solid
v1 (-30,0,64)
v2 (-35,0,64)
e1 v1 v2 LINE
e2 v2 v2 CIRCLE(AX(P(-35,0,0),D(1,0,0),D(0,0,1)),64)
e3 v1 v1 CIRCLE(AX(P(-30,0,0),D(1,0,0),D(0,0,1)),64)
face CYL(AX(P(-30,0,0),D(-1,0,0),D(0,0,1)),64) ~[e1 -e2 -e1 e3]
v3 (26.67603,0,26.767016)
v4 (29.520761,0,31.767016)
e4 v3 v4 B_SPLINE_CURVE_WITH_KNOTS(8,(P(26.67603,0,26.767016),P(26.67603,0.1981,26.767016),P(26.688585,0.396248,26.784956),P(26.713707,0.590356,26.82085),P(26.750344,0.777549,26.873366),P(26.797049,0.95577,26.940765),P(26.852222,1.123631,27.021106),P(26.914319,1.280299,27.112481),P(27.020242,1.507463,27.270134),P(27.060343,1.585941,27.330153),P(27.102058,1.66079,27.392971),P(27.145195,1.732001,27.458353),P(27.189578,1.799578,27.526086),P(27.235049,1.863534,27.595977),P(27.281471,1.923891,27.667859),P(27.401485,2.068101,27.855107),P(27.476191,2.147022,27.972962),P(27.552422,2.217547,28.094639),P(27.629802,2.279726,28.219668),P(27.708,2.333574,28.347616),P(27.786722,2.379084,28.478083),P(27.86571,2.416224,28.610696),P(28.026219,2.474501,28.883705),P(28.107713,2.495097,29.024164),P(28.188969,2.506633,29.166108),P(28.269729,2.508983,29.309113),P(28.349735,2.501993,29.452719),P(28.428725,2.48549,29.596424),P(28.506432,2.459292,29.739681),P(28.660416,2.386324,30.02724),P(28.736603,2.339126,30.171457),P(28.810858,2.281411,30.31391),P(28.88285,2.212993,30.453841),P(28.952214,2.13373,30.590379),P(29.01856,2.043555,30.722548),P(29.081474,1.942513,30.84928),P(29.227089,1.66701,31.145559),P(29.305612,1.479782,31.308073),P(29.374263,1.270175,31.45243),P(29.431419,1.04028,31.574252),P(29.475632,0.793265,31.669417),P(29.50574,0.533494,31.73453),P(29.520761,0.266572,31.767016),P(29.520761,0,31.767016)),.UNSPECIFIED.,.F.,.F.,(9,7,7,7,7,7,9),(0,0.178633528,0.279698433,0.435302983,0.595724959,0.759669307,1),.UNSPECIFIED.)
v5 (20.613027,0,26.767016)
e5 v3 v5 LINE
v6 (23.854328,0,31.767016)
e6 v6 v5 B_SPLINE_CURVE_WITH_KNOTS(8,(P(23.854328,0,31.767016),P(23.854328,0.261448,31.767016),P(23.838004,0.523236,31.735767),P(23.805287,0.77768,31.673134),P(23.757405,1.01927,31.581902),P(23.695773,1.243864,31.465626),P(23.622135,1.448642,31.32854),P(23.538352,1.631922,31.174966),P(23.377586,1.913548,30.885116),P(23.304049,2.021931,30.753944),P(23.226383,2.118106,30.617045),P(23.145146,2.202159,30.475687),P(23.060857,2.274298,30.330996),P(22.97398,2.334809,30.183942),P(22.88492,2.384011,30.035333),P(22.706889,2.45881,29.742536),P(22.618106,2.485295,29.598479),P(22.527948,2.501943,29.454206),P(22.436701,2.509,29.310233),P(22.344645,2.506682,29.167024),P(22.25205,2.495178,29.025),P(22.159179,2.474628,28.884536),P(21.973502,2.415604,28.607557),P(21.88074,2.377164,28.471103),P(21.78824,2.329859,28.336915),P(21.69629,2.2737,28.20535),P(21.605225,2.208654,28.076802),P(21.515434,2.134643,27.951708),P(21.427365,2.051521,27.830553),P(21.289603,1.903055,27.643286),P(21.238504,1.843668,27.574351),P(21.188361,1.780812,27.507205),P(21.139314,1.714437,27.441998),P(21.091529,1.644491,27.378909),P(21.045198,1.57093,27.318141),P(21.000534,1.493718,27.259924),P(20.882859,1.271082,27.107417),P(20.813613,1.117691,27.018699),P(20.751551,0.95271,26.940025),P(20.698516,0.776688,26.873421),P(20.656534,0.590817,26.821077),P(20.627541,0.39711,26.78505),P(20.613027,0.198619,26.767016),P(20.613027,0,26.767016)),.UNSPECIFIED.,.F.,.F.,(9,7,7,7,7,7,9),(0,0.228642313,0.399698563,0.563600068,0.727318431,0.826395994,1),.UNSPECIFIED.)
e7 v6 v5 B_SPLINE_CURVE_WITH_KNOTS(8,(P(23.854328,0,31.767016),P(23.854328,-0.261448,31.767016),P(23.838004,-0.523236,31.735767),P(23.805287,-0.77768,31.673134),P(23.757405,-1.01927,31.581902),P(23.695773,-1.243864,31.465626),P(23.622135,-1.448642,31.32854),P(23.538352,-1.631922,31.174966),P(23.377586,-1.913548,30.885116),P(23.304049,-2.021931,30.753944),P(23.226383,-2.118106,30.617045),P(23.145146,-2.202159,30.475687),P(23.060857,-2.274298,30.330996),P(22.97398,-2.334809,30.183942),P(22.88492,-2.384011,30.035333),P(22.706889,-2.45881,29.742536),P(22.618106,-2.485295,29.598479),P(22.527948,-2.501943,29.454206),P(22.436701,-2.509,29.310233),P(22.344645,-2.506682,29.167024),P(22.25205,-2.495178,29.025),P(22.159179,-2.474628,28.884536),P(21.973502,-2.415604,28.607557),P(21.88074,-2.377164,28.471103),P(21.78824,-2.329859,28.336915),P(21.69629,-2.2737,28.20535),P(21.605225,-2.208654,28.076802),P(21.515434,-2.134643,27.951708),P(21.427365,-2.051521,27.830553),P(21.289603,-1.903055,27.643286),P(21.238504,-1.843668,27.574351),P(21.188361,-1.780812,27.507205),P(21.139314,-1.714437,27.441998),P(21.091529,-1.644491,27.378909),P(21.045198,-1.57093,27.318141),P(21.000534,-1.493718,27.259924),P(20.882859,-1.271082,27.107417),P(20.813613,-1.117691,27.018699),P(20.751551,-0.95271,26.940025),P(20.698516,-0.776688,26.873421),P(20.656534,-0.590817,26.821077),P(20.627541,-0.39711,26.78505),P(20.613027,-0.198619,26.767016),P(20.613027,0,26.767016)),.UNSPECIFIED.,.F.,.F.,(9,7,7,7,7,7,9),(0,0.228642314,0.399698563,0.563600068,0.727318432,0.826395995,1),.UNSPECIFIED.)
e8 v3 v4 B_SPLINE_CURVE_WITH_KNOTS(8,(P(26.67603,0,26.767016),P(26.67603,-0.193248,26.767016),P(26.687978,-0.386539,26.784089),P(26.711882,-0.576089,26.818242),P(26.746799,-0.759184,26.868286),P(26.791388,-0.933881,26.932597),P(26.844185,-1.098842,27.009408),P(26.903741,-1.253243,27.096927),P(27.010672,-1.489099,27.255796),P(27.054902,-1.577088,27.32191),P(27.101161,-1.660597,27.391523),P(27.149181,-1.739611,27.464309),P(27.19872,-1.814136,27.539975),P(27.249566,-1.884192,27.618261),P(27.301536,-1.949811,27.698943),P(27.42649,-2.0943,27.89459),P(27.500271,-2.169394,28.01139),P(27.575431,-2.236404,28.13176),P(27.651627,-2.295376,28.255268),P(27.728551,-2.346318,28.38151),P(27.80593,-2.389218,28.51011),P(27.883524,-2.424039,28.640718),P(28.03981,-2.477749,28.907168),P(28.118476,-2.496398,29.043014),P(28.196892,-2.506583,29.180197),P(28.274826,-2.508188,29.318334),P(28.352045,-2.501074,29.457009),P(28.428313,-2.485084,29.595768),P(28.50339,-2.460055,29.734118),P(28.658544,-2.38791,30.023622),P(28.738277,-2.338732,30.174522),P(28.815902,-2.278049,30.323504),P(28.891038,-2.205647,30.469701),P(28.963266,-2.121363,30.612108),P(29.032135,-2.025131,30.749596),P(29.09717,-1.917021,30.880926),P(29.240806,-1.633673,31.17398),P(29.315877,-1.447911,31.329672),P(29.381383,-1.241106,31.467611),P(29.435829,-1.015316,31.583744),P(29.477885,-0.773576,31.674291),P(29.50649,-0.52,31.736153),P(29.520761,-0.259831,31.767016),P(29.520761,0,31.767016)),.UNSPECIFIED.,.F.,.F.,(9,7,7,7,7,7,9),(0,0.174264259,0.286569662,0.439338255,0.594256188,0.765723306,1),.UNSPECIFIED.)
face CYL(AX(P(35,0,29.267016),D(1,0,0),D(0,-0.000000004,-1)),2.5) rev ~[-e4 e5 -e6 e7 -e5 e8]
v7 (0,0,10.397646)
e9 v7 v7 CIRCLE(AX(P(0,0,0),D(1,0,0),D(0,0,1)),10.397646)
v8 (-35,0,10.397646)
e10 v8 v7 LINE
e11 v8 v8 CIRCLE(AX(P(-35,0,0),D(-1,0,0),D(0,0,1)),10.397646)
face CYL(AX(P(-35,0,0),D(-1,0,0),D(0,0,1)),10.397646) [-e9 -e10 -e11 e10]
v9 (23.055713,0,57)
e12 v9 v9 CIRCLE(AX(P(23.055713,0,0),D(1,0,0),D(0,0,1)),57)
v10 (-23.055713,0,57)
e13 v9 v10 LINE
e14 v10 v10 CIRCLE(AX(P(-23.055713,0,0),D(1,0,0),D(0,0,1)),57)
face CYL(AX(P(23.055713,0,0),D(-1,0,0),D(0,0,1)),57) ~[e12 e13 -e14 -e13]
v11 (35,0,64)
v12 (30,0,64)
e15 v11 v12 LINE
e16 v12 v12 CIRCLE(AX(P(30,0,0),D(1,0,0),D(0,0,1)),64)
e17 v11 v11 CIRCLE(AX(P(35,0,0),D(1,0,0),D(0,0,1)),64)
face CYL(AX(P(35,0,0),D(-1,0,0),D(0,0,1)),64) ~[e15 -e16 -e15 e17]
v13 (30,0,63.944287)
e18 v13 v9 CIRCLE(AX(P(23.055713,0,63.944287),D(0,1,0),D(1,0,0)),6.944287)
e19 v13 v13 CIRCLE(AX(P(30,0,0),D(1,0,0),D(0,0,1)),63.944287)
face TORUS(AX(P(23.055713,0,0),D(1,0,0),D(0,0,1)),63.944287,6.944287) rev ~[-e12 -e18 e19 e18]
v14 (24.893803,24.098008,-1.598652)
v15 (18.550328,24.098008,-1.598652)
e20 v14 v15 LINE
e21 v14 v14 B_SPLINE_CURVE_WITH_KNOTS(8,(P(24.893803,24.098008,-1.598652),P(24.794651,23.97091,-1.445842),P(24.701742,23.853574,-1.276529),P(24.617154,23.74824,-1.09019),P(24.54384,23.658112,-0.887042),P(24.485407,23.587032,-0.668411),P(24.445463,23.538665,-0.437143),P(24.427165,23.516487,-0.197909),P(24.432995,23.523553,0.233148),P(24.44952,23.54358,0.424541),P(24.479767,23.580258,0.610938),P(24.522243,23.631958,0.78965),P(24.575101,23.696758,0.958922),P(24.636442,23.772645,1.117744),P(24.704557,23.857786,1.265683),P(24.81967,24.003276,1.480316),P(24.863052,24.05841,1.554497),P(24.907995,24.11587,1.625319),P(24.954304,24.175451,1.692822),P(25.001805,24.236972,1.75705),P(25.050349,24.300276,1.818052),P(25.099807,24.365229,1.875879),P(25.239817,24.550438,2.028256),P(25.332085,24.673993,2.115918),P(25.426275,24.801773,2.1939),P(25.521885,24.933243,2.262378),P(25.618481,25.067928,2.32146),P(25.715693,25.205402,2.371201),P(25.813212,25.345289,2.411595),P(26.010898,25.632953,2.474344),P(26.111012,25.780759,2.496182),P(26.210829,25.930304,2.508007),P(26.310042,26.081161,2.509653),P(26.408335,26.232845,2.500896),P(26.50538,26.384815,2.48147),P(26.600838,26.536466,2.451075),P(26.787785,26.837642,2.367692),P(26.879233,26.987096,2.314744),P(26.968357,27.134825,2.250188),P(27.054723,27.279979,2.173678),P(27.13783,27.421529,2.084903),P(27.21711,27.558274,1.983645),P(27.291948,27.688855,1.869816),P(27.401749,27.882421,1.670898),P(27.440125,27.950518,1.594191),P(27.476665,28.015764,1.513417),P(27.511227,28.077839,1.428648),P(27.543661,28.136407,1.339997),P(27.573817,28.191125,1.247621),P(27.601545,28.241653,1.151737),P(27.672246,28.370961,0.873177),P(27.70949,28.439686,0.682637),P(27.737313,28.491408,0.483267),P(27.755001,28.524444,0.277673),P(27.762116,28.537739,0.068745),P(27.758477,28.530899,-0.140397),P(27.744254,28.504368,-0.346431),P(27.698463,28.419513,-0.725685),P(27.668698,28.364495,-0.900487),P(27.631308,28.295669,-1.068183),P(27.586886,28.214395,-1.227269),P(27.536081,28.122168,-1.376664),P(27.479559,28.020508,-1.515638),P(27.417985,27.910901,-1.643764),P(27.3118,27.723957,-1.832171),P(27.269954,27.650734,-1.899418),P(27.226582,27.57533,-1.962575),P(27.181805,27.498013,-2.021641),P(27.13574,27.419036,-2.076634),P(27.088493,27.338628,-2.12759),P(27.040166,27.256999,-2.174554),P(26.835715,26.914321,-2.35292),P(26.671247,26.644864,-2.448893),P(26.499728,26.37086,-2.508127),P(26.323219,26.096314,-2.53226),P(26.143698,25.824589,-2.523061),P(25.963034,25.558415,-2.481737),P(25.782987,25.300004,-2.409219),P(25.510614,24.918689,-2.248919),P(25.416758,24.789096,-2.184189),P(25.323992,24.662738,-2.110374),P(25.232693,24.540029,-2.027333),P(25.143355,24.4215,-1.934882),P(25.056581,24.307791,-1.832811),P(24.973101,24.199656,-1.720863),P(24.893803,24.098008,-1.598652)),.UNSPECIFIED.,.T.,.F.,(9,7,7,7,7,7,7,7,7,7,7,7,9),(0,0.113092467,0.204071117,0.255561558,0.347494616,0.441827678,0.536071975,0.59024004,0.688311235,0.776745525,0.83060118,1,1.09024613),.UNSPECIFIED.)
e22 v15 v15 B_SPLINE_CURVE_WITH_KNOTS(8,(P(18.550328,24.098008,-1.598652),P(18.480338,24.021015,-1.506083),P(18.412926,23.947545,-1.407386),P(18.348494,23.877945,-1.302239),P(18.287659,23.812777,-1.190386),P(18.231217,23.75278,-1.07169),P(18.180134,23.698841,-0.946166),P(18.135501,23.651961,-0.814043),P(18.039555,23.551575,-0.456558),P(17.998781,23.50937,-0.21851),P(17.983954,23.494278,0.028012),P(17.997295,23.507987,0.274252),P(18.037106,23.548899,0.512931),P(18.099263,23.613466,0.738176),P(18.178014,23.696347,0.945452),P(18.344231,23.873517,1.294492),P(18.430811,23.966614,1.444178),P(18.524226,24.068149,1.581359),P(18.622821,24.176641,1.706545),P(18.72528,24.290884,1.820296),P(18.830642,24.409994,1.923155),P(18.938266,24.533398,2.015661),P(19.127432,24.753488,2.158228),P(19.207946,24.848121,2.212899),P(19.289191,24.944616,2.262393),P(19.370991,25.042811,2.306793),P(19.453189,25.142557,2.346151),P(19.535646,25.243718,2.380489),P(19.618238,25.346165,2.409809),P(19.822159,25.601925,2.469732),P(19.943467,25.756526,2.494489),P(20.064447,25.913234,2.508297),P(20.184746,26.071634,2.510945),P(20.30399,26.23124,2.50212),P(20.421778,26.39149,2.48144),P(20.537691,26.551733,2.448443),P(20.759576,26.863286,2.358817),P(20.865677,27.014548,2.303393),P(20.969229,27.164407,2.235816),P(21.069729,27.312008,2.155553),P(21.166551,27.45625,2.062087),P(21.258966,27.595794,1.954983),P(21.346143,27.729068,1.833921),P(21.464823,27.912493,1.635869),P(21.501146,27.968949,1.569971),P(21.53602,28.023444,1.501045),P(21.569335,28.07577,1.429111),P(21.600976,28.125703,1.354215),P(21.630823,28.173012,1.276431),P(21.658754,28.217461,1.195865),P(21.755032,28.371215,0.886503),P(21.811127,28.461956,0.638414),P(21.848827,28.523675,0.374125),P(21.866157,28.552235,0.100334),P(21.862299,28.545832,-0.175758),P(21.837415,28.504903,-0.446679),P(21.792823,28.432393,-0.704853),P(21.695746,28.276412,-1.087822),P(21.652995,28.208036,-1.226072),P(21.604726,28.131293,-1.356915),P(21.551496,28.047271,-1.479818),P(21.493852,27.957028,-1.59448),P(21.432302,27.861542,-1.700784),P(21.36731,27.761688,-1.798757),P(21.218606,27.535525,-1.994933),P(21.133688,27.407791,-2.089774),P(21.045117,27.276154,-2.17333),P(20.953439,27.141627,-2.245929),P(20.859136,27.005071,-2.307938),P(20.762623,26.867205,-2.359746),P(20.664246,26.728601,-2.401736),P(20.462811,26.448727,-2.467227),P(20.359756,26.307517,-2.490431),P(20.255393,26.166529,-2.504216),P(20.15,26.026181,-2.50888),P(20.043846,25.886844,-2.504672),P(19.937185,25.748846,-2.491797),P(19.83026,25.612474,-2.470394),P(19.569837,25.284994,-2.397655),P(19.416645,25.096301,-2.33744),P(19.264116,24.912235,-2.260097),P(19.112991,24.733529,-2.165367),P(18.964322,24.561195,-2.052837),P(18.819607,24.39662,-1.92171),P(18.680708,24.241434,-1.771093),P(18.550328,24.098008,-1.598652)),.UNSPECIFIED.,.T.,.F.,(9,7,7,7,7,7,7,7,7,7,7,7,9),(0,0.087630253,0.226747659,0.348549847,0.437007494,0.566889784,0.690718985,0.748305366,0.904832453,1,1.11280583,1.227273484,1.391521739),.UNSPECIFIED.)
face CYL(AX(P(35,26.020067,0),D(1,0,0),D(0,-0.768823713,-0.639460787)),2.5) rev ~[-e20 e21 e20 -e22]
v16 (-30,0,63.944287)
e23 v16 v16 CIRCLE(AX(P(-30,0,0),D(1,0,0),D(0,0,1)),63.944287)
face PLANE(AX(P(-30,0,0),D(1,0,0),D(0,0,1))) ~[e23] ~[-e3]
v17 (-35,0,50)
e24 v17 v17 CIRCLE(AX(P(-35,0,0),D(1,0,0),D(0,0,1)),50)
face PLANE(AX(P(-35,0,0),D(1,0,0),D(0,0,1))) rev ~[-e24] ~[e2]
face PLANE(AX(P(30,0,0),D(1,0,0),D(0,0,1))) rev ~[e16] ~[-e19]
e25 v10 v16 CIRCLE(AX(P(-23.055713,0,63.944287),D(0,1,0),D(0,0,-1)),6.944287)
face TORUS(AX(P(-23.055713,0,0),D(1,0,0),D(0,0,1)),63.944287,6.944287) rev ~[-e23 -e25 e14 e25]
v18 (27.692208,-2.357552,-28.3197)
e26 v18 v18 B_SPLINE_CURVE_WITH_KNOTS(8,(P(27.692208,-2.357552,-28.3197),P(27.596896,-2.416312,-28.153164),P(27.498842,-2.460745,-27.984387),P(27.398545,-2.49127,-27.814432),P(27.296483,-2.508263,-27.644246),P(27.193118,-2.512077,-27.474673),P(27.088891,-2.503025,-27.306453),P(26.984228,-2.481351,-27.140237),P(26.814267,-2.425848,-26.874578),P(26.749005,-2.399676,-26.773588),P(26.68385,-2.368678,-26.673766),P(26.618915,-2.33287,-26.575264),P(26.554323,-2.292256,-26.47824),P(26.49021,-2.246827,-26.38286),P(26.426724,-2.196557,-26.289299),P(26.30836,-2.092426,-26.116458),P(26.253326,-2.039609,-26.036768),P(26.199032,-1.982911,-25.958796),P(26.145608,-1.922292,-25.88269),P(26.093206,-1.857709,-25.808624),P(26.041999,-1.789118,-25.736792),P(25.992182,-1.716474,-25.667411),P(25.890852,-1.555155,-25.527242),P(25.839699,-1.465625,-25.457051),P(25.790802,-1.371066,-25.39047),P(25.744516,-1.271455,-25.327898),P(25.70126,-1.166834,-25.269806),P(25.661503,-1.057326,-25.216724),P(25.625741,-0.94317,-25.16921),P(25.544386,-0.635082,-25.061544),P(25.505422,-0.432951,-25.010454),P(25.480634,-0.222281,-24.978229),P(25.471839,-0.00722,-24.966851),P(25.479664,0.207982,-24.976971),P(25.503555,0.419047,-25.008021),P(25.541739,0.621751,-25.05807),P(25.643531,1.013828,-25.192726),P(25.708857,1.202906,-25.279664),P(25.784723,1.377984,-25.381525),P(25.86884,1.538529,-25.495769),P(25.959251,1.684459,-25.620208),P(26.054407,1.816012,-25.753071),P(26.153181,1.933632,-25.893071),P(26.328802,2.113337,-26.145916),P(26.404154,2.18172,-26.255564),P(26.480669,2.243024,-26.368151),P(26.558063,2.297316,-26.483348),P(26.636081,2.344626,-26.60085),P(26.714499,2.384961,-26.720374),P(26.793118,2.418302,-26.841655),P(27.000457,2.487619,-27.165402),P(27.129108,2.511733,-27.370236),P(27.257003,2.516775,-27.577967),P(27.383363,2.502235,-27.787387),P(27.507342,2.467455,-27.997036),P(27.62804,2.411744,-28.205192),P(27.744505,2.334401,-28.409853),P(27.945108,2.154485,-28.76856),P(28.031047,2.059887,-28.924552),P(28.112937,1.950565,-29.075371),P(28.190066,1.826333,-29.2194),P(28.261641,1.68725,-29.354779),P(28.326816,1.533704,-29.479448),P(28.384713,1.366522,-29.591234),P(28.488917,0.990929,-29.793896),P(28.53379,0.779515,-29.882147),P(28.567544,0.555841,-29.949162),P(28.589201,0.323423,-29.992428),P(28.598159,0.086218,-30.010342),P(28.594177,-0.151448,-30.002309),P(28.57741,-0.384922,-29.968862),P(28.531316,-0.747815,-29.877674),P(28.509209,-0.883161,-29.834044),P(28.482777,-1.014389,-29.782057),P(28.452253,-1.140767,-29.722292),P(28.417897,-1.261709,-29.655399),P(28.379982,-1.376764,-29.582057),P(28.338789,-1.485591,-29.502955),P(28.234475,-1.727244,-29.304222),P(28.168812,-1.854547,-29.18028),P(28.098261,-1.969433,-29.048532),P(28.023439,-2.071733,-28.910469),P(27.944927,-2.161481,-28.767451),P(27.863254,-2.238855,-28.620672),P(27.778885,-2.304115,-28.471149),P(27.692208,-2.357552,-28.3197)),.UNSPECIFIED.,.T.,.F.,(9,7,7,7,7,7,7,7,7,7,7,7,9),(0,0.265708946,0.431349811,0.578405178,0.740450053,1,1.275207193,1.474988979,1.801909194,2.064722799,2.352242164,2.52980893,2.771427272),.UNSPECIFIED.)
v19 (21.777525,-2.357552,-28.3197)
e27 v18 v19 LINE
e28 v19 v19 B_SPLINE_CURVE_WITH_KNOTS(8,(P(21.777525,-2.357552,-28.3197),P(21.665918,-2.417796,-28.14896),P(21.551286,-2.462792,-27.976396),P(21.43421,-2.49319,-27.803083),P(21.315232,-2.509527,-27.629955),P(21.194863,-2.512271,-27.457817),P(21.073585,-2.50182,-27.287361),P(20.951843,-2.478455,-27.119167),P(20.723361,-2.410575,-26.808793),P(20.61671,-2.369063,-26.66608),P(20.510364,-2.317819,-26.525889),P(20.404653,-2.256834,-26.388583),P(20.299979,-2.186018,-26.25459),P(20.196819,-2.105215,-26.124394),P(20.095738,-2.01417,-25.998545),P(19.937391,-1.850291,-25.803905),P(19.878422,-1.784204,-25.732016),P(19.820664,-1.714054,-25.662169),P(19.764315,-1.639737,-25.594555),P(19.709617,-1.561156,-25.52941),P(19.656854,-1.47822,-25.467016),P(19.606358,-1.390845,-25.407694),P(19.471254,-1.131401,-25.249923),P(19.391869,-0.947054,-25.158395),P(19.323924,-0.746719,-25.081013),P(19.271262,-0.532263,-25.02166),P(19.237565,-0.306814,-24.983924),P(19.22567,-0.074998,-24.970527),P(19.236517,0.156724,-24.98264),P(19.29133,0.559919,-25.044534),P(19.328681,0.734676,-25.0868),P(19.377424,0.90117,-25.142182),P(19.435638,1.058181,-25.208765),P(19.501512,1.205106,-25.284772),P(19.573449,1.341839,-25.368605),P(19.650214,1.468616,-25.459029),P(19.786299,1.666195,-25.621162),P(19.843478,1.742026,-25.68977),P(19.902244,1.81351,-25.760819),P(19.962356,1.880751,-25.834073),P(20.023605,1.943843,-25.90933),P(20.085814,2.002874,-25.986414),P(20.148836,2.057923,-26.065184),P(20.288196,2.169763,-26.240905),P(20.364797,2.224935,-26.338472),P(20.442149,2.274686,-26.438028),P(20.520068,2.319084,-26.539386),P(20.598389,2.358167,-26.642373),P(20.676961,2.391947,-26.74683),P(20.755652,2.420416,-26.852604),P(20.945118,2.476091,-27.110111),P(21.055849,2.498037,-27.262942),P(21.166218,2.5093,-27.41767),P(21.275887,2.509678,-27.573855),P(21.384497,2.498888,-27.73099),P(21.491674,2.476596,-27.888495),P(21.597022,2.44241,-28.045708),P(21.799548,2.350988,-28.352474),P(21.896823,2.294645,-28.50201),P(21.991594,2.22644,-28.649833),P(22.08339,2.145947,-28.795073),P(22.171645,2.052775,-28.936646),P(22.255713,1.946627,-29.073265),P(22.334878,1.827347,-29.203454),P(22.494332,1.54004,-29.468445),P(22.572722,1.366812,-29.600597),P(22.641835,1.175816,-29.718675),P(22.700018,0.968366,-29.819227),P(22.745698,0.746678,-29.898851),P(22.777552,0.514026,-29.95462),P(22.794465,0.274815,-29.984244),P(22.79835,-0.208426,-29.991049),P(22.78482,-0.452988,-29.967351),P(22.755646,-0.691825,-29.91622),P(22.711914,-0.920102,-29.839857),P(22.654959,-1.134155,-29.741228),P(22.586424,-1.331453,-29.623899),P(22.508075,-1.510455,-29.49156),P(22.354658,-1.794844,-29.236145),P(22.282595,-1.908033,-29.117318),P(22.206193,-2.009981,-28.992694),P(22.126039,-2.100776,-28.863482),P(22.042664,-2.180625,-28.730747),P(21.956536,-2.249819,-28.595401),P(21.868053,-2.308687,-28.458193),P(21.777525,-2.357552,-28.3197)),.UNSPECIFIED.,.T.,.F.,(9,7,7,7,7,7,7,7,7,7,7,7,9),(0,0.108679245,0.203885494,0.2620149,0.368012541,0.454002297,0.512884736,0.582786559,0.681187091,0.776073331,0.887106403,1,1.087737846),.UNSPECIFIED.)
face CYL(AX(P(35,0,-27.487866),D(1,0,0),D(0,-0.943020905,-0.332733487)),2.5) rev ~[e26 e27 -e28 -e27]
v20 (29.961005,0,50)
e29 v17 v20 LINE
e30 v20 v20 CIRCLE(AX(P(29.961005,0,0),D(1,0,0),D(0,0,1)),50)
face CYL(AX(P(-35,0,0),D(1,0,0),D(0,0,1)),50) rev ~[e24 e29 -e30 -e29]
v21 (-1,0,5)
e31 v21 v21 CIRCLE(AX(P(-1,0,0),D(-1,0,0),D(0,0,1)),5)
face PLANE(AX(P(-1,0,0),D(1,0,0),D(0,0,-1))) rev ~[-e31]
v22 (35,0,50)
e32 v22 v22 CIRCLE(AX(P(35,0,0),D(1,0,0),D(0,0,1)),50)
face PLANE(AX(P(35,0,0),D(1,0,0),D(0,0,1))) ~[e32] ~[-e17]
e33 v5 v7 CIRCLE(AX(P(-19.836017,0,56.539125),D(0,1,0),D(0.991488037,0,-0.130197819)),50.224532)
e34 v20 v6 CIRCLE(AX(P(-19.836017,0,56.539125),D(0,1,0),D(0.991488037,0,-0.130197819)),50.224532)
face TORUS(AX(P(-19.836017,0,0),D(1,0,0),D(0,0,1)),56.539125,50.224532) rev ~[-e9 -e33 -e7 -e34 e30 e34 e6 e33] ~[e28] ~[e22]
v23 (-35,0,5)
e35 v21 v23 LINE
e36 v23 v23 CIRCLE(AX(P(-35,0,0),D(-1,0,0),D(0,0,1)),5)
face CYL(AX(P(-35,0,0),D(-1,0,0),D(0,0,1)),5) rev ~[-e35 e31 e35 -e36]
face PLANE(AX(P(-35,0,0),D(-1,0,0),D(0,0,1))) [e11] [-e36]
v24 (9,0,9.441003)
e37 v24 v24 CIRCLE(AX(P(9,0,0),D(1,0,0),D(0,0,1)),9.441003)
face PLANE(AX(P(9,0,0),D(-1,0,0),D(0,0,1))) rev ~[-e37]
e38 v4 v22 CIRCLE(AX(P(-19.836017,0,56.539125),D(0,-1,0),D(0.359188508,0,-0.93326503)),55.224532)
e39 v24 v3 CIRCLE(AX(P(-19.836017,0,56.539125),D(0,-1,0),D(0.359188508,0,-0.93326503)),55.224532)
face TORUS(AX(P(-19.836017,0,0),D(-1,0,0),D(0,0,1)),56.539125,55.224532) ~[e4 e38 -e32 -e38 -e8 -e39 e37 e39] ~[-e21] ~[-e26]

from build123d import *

# Parameters (mm, degrees)
ESQUISSE2_R             = 10.397646043
ESQUISSE2_R_2           = 5
BOSS_EXTRU_1_DEPTH      = 44
ESQUISSE3_R             = 9.441003055
BOSS_EXTRU_2_DEPTH      = 10
ESQUISSE4_R             = 2.5
ENL_V_MAT_EXTRU_1_DEPTH = 111


with BuildPart() as part:
    # Esquisse1 → Révolution1 (revolve)
    with BuildSketch(Plane.XY, mode=Mode.PRIVATE) as r_volution1_sk:
        with BuildLine():
            Line((-35, 50), (-30, 50))
            Line((-30, 50), (29.961005428, 50))
            ThreePointArc((29.961005428, 50), (20.217405473, 26.236864796), (0, 10.397646043))
            Line((0, 10.397646043), (0, 5))
            ThreePointArc((0, 5), (23.755589554, 22.634541458), (35, 50))
            Line((35, 50), (35, 50.592048887))
            Line((35, 50.592048887), (35, 64))
            Line((35, 64), (30, 64))
            Line((30, 64), (30, 63.944286902))
            ThreePointArc((30, 63.944286902), (27.966065457, 59.033934543), (23.055713098, 57))
            Line((23.055713098, 57), (9.532038357, 57))
            Line((9.532038357, 57), (-9.532038357, 57))
            Line((-9.532038357, 57), (-23.055713098, 57))
            ThreePointArc((-23.055713098, 57), (-27.966065457, 59.033934543), (-30, 63.944286902))
            Line((-30, 63.944286902), (-30, 64))
            Line((-30, 64), (-35, 64))
            Line((-35, 64), (-35, 50.592048887))
            Line((-35, 50.592048887), (-35, 50))
        make_face()
    revolve(r_volution1_sk.sketch.rotate(Axis((0, 0, 0), (1, 0, 0)), 90), axis=Axis((0, 0, 0), (1, 0, 0)))

    # Esquisse2 → Boss.-Extru.1 (add)
    with BuildSketch(Plane.ZY.offset(35)):
        Circle(ESQUISSE2_R)
        Circle(ESQUISSE2_R_2, mode=Mode.SUBTRACT)
    extrude(amount=-BOSS_EXTRU_1_DEPTH)

    # Esquisse3 → Boss.-Extru.2 (add)
    with BuildSketch(Plane(origin=(9, 0, 0), x_dir=(0, 0, -1), z_dir=(1, 0, 0))):
        Circle(ESQUISSE3_R)
    extrude(amount=-BOSS_EXTRU_2_DEPTH)

    # Esquisse4 → Enlèv. mat.-Extru.1 (cut)
    with BuildSketch(Plane(origin=(35, 0, 0), x_dir=(0, 0, -1), z_dir=(1, 0, 0))):
        with Locations(Location((0, 26.02006747, 0), (0, 0, 309.751623476))):
            Circle(ESQUISSE4_R)
        with Locations(Location((27.487866147, 0, 0), (0, 0, 289.434771235))):
            Circle(ESQUISSE4_R)
        with Locations(Location((-29.26701606, 0, 0), (0, 0, 359.999999748))):
            Circle(ESQUISSE4_R)
    extrude(amount=-ENL_V_MAT_EXTRU_1_DEPTH, mode=Mode.SUBTRACT)


solid = part.part
